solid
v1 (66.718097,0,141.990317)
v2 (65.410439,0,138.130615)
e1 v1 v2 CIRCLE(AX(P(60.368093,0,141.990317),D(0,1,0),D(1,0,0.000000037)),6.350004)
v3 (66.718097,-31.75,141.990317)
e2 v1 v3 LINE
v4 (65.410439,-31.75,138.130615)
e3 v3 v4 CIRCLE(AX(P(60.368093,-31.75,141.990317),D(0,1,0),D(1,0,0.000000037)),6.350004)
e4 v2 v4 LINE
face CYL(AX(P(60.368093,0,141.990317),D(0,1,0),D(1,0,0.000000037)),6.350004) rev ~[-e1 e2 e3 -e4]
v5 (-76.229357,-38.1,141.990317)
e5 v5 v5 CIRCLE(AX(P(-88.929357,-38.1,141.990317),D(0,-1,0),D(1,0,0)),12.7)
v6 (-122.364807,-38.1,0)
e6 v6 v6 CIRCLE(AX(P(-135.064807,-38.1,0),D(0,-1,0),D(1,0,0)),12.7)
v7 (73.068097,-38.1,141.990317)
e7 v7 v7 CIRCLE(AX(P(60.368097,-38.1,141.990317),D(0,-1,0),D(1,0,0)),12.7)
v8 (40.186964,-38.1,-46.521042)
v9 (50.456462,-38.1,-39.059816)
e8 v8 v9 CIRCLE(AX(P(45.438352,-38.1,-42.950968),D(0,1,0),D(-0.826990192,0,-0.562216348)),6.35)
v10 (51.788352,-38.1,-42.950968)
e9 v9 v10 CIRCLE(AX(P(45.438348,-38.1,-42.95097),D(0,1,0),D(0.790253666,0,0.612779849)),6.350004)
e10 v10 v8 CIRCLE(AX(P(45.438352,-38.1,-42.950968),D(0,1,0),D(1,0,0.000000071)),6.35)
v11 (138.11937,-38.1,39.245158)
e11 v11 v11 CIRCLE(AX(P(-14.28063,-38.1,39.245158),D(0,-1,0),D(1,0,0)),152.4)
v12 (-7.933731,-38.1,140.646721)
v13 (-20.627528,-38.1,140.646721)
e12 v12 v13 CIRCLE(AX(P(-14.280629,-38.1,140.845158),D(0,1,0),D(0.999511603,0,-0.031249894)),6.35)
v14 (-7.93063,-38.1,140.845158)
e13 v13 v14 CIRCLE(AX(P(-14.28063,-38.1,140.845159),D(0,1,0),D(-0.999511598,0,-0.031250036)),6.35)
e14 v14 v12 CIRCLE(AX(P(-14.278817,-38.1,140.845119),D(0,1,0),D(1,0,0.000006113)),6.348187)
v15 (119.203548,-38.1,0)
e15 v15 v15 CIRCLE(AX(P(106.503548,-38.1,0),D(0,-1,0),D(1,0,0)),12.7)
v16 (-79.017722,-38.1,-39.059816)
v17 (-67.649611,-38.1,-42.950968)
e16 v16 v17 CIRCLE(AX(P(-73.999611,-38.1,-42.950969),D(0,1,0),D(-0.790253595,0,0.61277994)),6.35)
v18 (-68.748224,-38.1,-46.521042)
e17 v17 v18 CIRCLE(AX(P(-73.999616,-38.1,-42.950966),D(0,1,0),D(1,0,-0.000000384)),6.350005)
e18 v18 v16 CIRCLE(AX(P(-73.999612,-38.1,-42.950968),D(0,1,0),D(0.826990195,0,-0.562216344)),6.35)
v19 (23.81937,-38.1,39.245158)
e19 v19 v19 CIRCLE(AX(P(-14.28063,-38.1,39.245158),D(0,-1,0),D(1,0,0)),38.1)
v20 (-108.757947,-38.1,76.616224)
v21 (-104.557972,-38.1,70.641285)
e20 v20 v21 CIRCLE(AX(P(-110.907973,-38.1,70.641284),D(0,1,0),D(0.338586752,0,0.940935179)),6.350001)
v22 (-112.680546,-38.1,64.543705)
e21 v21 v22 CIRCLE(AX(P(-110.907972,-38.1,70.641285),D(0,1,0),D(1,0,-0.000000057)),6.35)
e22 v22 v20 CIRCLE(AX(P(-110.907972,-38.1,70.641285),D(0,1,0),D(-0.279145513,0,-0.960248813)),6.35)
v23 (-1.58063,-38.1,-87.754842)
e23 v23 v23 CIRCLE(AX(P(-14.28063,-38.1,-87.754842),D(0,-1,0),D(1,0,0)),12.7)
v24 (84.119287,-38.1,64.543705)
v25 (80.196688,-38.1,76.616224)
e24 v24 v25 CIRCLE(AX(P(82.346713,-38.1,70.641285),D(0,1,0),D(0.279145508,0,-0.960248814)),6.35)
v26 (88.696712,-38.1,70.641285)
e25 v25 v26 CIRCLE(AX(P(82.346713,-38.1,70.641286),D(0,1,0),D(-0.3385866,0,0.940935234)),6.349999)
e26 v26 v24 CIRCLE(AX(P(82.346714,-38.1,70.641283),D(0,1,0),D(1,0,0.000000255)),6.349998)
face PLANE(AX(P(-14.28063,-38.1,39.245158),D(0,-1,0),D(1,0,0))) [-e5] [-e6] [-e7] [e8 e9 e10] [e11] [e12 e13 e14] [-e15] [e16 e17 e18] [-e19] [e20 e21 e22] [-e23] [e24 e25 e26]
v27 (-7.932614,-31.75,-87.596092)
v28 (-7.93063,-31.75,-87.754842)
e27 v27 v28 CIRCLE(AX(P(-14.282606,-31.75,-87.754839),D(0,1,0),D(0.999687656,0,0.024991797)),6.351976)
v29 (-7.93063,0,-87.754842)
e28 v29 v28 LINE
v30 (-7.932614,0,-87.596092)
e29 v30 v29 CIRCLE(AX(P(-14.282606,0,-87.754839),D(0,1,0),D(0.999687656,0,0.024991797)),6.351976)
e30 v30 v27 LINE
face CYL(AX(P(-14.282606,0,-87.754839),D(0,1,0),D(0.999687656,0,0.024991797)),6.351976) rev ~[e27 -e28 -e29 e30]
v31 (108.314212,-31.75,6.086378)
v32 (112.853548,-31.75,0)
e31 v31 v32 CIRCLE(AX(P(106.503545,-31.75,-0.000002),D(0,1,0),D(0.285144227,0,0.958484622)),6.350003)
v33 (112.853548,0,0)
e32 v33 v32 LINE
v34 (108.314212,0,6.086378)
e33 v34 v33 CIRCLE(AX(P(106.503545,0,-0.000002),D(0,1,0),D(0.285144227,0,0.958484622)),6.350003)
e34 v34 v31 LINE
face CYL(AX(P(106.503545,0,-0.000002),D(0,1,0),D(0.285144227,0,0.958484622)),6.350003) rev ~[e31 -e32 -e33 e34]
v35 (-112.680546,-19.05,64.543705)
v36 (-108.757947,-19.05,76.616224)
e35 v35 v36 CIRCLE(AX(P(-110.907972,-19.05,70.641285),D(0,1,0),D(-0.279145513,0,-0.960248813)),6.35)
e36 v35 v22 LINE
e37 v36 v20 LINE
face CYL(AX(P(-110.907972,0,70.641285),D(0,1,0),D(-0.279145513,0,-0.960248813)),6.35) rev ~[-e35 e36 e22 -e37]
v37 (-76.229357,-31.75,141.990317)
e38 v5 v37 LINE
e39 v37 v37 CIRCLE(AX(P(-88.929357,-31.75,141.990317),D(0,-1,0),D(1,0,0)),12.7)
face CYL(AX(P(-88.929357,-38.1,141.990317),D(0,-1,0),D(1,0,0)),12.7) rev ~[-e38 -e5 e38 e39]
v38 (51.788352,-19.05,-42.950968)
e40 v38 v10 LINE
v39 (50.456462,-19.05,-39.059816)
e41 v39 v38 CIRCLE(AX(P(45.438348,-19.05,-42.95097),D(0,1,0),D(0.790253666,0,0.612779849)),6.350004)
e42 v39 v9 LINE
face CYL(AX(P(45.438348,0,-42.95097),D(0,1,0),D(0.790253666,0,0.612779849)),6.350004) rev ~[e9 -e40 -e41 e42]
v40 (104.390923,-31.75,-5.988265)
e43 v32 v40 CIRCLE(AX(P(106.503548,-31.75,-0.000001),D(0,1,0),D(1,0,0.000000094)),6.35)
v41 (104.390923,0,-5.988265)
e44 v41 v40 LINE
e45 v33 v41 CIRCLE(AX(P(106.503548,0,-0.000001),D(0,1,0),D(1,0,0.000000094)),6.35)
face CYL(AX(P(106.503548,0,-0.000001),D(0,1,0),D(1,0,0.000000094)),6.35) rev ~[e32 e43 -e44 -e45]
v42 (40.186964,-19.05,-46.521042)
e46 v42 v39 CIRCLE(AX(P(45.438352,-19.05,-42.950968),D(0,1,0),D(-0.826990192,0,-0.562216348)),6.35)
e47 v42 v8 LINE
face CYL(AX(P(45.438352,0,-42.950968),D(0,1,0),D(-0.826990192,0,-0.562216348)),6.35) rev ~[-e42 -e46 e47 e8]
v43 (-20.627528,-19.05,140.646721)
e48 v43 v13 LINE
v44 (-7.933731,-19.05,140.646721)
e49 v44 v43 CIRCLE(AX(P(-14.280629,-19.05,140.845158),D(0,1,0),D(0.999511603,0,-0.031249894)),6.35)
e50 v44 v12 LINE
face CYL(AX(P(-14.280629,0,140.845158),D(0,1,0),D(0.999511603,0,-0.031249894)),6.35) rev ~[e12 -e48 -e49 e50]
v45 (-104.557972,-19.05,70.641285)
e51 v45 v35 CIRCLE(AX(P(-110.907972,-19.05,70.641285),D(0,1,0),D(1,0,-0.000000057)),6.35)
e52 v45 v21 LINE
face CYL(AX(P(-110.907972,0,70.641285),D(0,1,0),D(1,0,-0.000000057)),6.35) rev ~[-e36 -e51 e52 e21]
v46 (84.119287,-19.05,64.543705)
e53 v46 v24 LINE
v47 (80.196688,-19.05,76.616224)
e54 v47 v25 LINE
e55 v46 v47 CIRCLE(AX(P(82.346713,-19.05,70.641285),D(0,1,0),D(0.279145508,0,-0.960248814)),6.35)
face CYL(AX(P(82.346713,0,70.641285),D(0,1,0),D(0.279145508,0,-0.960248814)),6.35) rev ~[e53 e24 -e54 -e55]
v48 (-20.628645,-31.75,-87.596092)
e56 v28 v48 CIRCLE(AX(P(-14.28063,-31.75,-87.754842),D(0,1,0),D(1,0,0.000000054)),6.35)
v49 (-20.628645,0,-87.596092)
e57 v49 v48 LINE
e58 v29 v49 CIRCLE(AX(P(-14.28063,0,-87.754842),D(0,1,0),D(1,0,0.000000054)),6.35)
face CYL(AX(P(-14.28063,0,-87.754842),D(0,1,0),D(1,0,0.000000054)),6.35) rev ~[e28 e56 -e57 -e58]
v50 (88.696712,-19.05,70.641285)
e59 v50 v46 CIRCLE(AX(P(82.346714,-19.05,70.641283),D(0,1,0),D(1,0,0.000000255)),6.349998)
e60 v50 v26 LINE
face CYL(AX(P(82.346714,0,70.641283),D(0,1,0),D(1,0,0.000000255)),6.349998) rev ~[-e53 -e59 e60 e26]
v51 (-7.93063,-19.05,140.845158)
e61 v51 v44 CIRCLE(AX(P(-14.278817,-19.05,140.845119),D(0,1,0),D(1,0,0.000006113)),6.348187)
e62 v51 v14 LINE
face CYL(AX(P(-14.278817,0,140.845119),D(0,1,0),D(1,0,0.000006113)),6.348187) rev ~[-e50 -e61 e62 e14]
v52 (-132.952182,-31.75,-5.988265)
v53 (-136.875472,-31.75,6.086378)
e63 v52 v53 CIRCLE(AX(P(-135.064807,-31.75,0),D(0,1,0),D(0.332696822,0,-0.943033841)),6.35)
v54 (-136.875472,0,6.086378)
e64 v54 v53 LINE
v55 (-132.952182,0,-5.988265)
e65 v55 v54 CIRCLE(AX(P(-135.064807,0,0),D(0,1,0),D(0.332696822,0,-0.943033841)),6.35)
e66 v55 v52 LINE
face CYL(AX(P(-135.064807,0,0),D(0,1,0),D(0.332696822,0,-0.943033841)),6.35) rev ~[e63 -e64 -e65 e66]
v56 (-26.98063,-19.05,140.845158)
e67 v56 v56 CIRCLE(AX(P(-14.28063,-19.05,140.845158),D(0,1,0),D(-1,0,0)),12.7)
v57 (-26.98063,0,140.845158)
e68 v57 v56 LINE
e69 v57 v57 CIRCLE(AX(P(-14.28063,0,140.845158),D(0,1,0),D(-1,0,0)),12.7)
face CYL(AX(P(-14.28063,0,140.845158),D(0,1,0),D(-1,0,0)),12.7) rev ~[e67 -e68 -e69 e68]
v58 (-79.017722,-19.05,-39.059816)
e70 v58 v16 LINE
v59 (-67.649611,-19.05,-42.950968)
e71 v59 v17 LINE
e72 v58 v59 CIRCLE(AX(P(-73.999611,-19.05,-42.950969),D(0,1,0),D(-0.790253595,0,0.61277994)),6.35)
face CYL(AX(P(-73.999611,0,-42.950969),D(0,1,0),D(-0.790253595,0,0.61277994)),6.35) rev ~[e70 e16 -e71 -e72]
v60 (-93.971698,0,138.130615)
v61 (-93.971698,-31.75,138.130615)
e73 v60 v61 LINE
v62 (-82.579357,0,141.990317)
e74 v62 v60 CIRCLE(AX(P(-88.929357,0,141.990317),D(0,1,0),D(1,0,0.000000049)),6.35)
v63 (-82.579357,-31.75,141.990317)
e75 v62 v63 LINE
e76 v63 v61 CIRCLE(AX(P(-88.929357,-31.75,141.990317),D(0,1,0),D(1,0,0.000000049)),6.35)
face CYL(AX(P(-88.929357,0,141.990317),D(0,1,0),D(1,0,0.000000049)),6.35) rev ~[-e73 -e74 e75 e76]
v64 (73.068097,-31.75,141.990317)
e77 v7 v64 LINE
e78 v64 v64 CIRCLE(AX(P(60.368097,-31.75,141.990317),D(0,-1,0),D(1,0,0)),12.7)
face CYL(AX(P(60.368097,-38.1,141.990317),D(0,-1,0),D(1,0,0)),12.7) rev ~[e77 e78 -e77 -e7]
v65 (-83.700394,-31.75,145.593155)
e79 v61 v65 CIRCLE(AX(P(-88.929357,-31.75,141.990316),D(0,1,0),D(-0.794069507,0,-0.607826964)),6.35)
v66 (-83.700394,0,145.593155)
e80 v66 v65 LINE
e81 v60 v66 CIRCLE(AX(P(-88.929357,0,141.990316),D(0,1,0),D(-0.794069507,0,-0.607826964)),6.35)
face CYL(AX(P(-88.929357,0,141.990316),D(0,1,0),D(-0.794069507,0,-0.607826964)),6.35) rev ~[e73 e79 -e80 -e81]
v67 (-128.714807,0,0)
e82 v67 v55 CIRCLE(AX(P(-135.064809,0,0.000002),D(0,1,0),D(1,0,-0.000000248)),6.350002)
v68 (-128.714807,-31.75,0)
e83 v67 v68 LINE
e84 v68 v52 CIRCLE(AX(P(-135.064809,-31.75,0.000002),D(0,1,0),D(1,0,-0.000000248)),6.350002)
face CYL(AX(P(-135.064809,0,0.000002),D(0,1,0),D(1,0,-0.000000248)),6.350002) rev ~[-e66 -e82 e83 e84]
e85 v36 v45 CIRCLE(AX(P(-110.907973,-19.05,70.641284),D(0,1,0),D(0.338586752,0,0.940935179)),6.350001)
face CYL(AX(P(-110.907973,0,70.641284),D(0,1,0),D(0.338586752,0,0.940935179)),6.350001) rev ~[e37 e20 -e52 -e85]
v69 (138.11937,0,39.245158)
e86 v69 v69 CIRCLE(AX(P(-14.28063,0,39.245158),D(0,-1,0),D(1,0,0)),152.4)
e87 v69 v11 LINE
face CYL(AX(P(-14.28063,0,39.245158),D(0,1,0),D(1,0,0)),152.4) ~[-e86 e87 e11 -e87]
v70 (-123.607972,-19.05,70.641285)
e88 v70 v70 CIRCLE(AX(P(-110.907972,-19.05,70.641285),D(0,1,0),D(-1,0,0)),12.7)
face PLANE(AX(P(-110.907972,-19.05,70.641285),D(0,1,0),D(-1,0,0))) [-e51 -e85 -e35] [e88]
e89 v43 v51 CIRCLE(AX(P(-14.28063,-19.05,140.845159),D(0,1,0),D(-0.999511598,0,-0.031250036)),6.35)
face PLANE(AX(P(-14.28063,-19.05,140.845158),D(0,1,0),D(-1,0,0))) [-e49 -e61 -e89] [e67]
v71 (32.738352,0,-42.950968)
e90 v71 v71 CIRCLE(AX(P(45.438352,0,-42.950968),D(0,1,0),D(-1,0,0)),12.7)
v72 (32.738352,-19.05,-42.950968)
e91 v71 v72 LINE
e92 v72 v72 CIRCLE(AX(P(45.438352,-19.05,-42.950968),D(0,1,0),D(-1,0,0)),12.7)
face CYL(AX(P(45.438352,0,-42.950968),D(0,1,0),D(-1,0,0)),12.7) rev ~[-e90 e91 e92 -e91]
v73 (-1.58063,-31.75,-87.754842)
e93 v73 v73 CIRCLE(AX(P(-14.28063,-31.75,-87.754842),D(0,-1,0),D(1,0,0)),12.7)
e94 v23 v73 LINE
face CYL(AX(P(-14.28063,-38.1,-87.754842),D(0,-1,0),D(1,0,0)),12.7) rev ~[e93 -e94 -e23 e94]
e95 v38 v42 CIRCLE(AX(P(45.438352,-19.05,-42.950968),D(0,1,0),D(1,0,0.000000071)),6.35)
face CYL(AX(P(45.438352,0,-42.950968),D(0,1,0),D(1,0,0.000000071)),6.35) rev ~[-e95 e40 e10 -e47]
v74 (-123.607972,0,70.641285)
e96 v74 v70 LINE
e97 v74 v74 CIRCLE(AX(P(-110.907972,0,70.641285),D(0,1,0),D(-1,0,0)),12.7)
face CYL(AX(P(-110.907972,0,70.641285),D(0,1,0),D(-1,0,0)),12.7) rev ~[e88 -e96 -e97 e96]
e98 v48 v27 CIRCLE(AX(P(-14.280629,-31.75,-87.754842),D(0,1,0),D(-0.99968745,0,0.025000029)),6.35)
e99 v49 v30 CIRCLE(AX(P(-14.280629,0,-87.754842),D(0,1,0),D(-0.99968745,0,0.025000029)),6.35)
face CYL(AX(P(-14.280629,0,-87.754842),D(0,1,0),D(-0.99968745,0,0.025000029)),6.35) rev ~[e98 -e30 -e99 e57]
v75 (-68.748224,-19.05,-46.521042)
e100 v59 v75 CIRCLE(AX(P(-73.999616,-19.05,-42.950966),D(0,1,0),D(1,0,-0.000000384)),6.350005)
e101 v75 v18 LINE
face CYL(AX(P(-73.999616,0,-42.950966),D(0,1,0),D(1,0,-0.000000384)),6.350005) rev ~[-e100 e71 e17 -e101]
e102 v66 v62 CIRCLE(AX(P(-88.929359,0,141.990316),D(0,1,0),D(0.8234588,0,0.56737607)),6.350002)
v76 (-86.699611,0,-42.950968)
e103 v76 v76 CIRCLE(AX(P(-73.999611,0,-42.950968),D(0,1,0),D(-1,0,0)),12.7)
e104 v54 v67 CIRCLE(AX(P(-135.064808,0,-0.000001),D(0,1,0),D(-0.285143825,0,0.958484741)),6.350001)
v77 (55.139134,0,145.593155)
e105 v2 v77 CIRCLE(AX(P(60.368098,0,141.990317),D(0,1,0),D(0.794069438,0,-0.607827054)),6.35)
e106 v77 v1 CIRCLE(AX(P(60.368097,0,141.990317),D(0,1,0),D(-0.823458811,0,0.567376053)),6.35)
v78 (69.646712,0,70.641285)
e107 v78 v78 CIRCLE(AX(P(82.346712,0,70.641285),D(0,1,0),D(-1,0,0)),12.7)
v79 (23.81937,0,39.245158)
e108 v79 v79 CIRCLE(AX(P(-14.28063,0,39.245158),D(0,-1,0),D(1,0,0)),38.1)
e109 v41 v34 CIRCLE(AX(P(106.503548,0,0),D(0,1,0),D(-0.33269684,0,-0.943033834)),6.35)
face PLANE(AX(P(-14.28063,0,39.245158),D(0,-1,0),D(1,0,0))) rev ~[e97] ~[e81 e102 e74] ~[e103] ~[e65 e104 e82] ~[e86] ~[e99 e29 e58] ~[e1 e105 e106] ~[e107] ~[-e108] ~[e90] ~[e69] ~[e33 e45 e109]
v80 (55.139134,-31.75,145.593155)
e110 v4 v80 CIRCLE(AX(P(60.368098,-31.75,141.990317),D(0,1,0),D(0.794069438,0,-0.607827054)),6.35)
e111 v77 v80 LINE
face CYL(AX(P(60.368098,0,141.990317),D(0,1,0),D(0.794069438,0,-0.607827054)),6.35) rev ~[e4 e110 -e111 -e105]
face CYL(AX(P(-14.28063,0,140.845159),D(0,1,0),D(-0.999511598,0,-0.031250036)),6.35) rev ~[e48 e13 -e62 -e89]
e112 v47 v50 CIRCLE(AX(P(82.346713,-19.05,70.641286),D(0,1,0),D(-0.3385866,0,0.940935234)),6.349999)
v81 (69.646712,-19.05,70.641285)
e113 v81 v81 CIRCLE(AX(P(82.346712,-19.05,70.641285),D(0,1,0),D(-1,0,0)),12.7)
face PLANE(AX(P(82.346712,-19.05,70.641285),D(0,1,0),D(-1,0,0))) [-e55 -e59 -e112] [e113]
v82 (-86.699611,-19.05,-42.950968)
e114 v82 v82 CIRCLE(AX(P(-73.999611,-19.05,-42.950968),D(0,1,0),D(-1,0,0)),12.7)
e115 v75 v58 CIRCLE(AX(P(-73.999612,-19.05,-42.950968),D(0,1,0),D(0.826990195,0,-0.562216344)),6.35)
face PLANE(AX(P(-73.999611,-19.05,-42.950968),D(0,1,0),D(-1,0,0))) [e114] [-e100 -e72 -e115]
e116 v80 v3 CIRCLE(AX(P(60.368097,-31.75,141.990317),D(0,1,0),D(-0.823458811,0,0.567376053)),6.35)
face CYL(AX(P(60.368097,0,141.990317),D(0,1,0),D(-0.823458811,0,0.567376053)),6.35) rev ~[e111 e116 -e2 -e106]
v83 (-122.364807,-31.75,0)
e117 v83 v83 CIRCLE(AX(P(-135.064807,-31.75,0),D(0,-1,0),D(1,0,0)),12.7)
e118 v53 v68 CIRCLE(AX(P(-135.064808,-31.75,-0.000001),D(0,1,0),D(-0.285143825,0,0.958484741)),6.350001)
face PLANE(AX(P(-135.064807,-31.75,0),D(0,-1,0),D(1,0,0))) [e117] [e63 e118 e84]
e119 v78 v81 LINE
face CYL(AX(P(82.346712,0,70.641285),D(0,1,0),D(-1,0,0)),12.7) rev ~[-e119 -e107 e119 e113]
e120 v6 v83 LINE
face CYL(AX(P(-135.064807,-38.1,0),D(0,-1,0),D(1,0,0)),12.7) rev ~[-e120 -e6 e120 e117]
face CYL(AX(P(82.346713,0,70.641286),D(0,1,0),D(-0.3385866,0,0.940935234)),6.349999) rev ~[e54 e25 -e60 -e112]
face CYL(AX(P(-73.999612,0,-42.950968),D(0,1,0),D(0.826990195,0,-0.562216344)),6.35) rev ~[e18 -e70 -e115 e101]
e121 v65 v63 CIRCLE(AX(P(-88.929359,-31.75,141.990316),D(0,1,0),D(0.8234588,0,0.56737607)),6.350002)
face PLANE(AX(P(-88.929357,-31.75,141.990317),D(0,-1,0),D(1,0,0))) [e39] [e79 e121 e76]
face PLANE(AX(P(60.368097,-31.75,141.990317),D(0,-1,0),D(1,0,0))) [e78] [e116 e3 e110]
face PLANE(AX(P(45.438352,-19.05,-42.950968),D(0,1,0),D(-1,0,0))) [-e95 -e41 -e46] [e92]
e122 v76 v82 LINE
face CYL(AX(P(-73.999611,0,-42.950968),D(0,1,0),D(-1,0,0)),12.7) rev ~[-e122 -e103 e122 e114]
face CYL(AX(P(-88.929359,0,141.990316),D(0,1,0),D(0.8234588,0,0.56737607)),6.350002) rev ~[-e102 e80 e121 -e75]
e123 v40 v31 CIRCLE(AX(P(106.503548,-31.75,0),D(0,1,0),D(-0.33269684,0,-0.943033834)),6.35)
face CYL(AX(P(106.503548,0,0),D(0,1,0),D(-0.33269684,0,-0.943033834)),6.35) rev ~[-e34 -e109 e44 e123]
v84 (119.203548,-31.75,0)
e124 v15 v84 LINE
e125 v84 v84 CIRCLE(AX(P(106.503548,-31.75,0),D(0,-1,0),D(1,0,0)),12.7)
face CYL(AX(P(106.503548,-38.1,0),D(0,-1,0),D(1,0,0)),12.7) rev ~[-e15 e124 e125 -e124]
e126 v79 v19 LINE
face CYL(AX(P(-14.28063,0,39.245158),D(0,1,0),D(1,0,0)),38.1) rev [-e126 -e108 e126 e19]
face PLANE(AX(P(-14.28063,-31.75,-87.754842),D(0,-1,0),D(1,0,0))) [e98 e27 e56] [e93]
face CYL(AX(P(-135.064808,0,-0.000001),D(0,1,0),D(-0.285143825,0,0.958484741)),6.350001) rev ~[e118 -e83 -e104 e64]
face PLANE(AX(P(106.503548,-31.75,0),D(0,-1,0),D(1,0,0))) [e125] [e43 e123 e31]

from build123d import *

# Parameters (mm, degrees)
F0_R     = 152.4
F0_R_2   = 38.1
F1_DEPTH = 38.1
F2_R     = 12.7
F3_DEPTH = 19.05
F4_R     = 12.7
F5_DEPTH = 6.35


with BuildPart() as f1:
    # F0 (on Front) → F1 (new body)
    with BuildSketch(Plane.XZ):
        with Locations((-14.28063, 39.245158)):
            Circle(F0_R)
        with BuildLine():
            ThreePointArc((65.410439, 138.130615), (100.283251, 94.054985), (112.71937, 39.245158))
            ThreePointArc((112.71937, 39.245158), (111.613264, 22.520101), (108.314212, 6.086378))
            ThreePointArc((108.314212, 6.086378), (111.593745, 3.796365), (112.853548, 0))
            ThreePointArc((112.853548, 0), (110.171472, -5.183516), (104.390923, -5.988265))
            ThreePointArc((104.390923, -5.988265), (60.368097, -63.5), (-7.932614, -87.596092))
            ThreePointArc((-7.932614, -87.596092), (-7.931126, -87.675461), (-7.93063, -87.754842))
            ThreePointArc((-7.93063, -87.754842), (-14.360011, -94.104346), (-20.628645, -87.596092))
            ThreePointArc((-20.628645, -87.596092), (-88.929357, -63.5), (-132.952182, -5.988265))
            ThreePointArc((-132.952182, -5.988265), (-141.104016, -1.962258), (-136.875472, 6.086378))
            ThreePointArc((-136.875472, 6.086378), (-135.064807, 78.490317), (-93.971698, 138.130615))
            ThreePointArc((-93.971698, 138.130615), (-92.661793, 147.127574), (-83.700394, 145.593155))
            ThreePointArc((-83.700394, 145.593155), (-14.28063, 166.245158), (55.139134, 145.593155))
            ThreePointArc((55.139134, 145.593155), (62.254706, 148.053584), (66.718097, 141.990317))
            ThreePointArc((66.718097, 141.990317), (66.382304, 139.952716), (65.410439, 138.130615))
        make_face(mode=Mode.SUBTRACT)
        with BuildLine():
            ThreePointArc((108.314212, 6.086378), (111.613264, 22.520101), (112.71937, 39.245158))
            ThreePointArc((112.71937, 39.245158), (100.283251, 94.054985), (65.410439, 138.130615))
            ThreePointArc((65.410439, 138.130615), (56.635661, 136.853059), (55.139134, 145.593155))
            ThreePointArc((55.139134, 145.593155), (-14.28063, 166.245158), (-83.700394, 145.593155))
            ThreePointArc((-83.700394, 145.593155), (-82.86609, 143.876925), (-82.579357, 141.990317))
            ThreePointArc((-82.579357, 141.990317), (-86.891756, 135.97611), (-93.971698, 138.130615))
            ThreePointArc((-93.971698, 138.130615), (-135.064807, 78.490317), (-136.875472, 6.086378))
            ThreePointArc((-136.875472, 6.086378), (-131.268442, 5.090197), (-128.714807, 0))
            ThreePointArc((-128.714807, 0), (-129.881292, -3.667924), (-132.952182, -5.988265))
            ThreePointArc((-132.952182, -5.988265), (-88.929357, -63.5), (-20.628645, -87.596092))
            ThreePointArc((-20.628645, -87.596092), (-14.28063, -81.404842), (-7.932614, -87.596092))
            ThreePointArc((-7.932614, -87.596092), (60.368097, -63.5), (104.390923, -5.988265))
            ThreePointArc((104.390923, -5.988265), (100.464339, 1.962258), (108.314212, 6.086378))
        make_face()
        with BuildLine():
            ThreePointArc((84.119287, 64.543705), (86.516175, 51.995227), (87.31937, 39.245158))
            ThreePointArc((87.31937, 39.245158), (77.64284, -4.028803), (50.456462, -39.059816))
            ThreePointArc((50.456462, -39.059816), (51.446159, -40.894576), (51.788352, -42.950968))
            ThreePointArc((51.788352, -42.950968), (47.305996, -49.020104), (40.186964, -46.521042))
            ThreePointArc((40.186964, -46.521042), (-14.28063, -62.354842), (-68.748224, -46.521042))
            ThreePointArc((-68.748224, -46.521042), (-77.732048, -48.088226), (-79.017722, -39.059816))
            ThreePointArc((-79.017722, -39.059816), (-110.907972, 7.849032), (-112.680546, 64.543705))
            ThreePointArc((-112.680546, 64.543705), (-116.947181, 72.603543), (-108.757947, 76.616224))
            ThreePointArc((-108.757947, 76.616224), (-73.999611, 121.441285), (-20.627528, 140.646721))
            ThreePointArc((-20.627528, 140.646721), (-14.379861, 147.194383), (-7.93063, 140.845158))
            ThreePointArc((-7.93063, 140.845158), (-7.931405, 140.745927), (-7.933731, 140.646721))
            ThreePointArc((-7.933731, 140.646721), (45.438352, 121.441285), (80.196688, 76.616224))
            ThreePointArc((80.196688, 76.616224), (85.998414, 75.836242), (88.696712, 70.641285))
            ThreePointArc((88.696712, 70.641285), (87.425017, 66.829025), (84.119287, 64.543705))
        make_face(mode=Mode.SUBTRACT)
        with BuildLine():
            ThreePointArc((50.456462, -39.059816), (77.64284, -4.028803), (87.31937, 39.245158))
            ThreePointArc((87.31937, 39.245158), (86.516175, 51.995227), (84.119287, 64.543705))
            ThreePointArc((84.119287, 64.543705), (76.307504, 68.679027), (80.196688, 76.616224))
            ThreePointArc((80.196688, 76.616224), (45.438352, 121.441285), (-7.933731, 140.646721))
            ThreePointArc((-7.933731, 140.646721), (-14.28063, 134.495158), (-20.627528, 140.646721))
            ThreePointArc((-20.627528, 140.646721), (-73.999611, 121.441285), (-108.757947, 76.616224))
            ThreePointArc((-108.757947, 76.616224), (-105.713015, 74.292986), (-104.557972, 70.641285))
            ThreePointArc((-104.557972, 70.641285), (-107.095712, 65.562981), (-112.680546, 64.543705))
            ThreePointArc((-112.680546, 64.543705), (-110.907972, 7.849032), (-79.017722, -39.059816))
            ThreePointArc((-79.017722, -39.059816), (-71.943219, -36.943161), (-67.649611, -42.950968))
            ThreePointArc((-67.649611, -42.950968), (-67.930476, -44.818612), (-68.748224, -46.521042))
            ThreePointArc((-68.748224, -46.521042), (-14.28063, -62.354842), (40.186964, -46.521042))
            ThreePointArc((40.186964, -46.521042), (41.705916, -37.81371), (50.456462, -39.059816))
        make_face()
        with Locations((-14.28063, 39.245158)):
            Circle(F0_R_2, mode=Mode.SUBTRACT)
    extrude(amount=F1_DEPTH)

    # F2 (on face) → F3 (cut)
    with BuildSketch(Plane(origin=(0, 0, 0), x_dir=(-1, 0, 0), z_dir=(0, 1, 0))):
        with Locations((14.28063, 140.845158)):
            Circle(F2_R)
        with Locations((-82.346712, 70.641285)):
            Circle(F2_R)
        with Locations((-45.438352, -42.950968)):
            Circle(F2_R)
        with Locations((73.999611, -42.950968)):
            Circle(F2_R)
        with Locations((110.907972, 70.641285)):
            Circle(F2_R)
    extrude(amount=-F3_DEPTH, mode=Mode.SUBTRACT)

    # F4 (on face) → F5 (cut)
    with BuildSketch(Plane.XZ.offset(38.1)):
        with Locations((-88.929357, 141.990317)):
            Circle(F4_R)
        with Locations((-135.064807, 0)):
            Circle(F4_R)
        with Locations((-14.28063, -87.754842)):
            Circle(F4_R)
        with Locations((106.503548, 0)):
            Circle(F4_R)
        with Locations((60.368097, 141.990317)):
            Circle(F4_R)
    extrude(amount=-F5_DEPTH, mode=Mode.SUBTRACT)


solid = f1.part
